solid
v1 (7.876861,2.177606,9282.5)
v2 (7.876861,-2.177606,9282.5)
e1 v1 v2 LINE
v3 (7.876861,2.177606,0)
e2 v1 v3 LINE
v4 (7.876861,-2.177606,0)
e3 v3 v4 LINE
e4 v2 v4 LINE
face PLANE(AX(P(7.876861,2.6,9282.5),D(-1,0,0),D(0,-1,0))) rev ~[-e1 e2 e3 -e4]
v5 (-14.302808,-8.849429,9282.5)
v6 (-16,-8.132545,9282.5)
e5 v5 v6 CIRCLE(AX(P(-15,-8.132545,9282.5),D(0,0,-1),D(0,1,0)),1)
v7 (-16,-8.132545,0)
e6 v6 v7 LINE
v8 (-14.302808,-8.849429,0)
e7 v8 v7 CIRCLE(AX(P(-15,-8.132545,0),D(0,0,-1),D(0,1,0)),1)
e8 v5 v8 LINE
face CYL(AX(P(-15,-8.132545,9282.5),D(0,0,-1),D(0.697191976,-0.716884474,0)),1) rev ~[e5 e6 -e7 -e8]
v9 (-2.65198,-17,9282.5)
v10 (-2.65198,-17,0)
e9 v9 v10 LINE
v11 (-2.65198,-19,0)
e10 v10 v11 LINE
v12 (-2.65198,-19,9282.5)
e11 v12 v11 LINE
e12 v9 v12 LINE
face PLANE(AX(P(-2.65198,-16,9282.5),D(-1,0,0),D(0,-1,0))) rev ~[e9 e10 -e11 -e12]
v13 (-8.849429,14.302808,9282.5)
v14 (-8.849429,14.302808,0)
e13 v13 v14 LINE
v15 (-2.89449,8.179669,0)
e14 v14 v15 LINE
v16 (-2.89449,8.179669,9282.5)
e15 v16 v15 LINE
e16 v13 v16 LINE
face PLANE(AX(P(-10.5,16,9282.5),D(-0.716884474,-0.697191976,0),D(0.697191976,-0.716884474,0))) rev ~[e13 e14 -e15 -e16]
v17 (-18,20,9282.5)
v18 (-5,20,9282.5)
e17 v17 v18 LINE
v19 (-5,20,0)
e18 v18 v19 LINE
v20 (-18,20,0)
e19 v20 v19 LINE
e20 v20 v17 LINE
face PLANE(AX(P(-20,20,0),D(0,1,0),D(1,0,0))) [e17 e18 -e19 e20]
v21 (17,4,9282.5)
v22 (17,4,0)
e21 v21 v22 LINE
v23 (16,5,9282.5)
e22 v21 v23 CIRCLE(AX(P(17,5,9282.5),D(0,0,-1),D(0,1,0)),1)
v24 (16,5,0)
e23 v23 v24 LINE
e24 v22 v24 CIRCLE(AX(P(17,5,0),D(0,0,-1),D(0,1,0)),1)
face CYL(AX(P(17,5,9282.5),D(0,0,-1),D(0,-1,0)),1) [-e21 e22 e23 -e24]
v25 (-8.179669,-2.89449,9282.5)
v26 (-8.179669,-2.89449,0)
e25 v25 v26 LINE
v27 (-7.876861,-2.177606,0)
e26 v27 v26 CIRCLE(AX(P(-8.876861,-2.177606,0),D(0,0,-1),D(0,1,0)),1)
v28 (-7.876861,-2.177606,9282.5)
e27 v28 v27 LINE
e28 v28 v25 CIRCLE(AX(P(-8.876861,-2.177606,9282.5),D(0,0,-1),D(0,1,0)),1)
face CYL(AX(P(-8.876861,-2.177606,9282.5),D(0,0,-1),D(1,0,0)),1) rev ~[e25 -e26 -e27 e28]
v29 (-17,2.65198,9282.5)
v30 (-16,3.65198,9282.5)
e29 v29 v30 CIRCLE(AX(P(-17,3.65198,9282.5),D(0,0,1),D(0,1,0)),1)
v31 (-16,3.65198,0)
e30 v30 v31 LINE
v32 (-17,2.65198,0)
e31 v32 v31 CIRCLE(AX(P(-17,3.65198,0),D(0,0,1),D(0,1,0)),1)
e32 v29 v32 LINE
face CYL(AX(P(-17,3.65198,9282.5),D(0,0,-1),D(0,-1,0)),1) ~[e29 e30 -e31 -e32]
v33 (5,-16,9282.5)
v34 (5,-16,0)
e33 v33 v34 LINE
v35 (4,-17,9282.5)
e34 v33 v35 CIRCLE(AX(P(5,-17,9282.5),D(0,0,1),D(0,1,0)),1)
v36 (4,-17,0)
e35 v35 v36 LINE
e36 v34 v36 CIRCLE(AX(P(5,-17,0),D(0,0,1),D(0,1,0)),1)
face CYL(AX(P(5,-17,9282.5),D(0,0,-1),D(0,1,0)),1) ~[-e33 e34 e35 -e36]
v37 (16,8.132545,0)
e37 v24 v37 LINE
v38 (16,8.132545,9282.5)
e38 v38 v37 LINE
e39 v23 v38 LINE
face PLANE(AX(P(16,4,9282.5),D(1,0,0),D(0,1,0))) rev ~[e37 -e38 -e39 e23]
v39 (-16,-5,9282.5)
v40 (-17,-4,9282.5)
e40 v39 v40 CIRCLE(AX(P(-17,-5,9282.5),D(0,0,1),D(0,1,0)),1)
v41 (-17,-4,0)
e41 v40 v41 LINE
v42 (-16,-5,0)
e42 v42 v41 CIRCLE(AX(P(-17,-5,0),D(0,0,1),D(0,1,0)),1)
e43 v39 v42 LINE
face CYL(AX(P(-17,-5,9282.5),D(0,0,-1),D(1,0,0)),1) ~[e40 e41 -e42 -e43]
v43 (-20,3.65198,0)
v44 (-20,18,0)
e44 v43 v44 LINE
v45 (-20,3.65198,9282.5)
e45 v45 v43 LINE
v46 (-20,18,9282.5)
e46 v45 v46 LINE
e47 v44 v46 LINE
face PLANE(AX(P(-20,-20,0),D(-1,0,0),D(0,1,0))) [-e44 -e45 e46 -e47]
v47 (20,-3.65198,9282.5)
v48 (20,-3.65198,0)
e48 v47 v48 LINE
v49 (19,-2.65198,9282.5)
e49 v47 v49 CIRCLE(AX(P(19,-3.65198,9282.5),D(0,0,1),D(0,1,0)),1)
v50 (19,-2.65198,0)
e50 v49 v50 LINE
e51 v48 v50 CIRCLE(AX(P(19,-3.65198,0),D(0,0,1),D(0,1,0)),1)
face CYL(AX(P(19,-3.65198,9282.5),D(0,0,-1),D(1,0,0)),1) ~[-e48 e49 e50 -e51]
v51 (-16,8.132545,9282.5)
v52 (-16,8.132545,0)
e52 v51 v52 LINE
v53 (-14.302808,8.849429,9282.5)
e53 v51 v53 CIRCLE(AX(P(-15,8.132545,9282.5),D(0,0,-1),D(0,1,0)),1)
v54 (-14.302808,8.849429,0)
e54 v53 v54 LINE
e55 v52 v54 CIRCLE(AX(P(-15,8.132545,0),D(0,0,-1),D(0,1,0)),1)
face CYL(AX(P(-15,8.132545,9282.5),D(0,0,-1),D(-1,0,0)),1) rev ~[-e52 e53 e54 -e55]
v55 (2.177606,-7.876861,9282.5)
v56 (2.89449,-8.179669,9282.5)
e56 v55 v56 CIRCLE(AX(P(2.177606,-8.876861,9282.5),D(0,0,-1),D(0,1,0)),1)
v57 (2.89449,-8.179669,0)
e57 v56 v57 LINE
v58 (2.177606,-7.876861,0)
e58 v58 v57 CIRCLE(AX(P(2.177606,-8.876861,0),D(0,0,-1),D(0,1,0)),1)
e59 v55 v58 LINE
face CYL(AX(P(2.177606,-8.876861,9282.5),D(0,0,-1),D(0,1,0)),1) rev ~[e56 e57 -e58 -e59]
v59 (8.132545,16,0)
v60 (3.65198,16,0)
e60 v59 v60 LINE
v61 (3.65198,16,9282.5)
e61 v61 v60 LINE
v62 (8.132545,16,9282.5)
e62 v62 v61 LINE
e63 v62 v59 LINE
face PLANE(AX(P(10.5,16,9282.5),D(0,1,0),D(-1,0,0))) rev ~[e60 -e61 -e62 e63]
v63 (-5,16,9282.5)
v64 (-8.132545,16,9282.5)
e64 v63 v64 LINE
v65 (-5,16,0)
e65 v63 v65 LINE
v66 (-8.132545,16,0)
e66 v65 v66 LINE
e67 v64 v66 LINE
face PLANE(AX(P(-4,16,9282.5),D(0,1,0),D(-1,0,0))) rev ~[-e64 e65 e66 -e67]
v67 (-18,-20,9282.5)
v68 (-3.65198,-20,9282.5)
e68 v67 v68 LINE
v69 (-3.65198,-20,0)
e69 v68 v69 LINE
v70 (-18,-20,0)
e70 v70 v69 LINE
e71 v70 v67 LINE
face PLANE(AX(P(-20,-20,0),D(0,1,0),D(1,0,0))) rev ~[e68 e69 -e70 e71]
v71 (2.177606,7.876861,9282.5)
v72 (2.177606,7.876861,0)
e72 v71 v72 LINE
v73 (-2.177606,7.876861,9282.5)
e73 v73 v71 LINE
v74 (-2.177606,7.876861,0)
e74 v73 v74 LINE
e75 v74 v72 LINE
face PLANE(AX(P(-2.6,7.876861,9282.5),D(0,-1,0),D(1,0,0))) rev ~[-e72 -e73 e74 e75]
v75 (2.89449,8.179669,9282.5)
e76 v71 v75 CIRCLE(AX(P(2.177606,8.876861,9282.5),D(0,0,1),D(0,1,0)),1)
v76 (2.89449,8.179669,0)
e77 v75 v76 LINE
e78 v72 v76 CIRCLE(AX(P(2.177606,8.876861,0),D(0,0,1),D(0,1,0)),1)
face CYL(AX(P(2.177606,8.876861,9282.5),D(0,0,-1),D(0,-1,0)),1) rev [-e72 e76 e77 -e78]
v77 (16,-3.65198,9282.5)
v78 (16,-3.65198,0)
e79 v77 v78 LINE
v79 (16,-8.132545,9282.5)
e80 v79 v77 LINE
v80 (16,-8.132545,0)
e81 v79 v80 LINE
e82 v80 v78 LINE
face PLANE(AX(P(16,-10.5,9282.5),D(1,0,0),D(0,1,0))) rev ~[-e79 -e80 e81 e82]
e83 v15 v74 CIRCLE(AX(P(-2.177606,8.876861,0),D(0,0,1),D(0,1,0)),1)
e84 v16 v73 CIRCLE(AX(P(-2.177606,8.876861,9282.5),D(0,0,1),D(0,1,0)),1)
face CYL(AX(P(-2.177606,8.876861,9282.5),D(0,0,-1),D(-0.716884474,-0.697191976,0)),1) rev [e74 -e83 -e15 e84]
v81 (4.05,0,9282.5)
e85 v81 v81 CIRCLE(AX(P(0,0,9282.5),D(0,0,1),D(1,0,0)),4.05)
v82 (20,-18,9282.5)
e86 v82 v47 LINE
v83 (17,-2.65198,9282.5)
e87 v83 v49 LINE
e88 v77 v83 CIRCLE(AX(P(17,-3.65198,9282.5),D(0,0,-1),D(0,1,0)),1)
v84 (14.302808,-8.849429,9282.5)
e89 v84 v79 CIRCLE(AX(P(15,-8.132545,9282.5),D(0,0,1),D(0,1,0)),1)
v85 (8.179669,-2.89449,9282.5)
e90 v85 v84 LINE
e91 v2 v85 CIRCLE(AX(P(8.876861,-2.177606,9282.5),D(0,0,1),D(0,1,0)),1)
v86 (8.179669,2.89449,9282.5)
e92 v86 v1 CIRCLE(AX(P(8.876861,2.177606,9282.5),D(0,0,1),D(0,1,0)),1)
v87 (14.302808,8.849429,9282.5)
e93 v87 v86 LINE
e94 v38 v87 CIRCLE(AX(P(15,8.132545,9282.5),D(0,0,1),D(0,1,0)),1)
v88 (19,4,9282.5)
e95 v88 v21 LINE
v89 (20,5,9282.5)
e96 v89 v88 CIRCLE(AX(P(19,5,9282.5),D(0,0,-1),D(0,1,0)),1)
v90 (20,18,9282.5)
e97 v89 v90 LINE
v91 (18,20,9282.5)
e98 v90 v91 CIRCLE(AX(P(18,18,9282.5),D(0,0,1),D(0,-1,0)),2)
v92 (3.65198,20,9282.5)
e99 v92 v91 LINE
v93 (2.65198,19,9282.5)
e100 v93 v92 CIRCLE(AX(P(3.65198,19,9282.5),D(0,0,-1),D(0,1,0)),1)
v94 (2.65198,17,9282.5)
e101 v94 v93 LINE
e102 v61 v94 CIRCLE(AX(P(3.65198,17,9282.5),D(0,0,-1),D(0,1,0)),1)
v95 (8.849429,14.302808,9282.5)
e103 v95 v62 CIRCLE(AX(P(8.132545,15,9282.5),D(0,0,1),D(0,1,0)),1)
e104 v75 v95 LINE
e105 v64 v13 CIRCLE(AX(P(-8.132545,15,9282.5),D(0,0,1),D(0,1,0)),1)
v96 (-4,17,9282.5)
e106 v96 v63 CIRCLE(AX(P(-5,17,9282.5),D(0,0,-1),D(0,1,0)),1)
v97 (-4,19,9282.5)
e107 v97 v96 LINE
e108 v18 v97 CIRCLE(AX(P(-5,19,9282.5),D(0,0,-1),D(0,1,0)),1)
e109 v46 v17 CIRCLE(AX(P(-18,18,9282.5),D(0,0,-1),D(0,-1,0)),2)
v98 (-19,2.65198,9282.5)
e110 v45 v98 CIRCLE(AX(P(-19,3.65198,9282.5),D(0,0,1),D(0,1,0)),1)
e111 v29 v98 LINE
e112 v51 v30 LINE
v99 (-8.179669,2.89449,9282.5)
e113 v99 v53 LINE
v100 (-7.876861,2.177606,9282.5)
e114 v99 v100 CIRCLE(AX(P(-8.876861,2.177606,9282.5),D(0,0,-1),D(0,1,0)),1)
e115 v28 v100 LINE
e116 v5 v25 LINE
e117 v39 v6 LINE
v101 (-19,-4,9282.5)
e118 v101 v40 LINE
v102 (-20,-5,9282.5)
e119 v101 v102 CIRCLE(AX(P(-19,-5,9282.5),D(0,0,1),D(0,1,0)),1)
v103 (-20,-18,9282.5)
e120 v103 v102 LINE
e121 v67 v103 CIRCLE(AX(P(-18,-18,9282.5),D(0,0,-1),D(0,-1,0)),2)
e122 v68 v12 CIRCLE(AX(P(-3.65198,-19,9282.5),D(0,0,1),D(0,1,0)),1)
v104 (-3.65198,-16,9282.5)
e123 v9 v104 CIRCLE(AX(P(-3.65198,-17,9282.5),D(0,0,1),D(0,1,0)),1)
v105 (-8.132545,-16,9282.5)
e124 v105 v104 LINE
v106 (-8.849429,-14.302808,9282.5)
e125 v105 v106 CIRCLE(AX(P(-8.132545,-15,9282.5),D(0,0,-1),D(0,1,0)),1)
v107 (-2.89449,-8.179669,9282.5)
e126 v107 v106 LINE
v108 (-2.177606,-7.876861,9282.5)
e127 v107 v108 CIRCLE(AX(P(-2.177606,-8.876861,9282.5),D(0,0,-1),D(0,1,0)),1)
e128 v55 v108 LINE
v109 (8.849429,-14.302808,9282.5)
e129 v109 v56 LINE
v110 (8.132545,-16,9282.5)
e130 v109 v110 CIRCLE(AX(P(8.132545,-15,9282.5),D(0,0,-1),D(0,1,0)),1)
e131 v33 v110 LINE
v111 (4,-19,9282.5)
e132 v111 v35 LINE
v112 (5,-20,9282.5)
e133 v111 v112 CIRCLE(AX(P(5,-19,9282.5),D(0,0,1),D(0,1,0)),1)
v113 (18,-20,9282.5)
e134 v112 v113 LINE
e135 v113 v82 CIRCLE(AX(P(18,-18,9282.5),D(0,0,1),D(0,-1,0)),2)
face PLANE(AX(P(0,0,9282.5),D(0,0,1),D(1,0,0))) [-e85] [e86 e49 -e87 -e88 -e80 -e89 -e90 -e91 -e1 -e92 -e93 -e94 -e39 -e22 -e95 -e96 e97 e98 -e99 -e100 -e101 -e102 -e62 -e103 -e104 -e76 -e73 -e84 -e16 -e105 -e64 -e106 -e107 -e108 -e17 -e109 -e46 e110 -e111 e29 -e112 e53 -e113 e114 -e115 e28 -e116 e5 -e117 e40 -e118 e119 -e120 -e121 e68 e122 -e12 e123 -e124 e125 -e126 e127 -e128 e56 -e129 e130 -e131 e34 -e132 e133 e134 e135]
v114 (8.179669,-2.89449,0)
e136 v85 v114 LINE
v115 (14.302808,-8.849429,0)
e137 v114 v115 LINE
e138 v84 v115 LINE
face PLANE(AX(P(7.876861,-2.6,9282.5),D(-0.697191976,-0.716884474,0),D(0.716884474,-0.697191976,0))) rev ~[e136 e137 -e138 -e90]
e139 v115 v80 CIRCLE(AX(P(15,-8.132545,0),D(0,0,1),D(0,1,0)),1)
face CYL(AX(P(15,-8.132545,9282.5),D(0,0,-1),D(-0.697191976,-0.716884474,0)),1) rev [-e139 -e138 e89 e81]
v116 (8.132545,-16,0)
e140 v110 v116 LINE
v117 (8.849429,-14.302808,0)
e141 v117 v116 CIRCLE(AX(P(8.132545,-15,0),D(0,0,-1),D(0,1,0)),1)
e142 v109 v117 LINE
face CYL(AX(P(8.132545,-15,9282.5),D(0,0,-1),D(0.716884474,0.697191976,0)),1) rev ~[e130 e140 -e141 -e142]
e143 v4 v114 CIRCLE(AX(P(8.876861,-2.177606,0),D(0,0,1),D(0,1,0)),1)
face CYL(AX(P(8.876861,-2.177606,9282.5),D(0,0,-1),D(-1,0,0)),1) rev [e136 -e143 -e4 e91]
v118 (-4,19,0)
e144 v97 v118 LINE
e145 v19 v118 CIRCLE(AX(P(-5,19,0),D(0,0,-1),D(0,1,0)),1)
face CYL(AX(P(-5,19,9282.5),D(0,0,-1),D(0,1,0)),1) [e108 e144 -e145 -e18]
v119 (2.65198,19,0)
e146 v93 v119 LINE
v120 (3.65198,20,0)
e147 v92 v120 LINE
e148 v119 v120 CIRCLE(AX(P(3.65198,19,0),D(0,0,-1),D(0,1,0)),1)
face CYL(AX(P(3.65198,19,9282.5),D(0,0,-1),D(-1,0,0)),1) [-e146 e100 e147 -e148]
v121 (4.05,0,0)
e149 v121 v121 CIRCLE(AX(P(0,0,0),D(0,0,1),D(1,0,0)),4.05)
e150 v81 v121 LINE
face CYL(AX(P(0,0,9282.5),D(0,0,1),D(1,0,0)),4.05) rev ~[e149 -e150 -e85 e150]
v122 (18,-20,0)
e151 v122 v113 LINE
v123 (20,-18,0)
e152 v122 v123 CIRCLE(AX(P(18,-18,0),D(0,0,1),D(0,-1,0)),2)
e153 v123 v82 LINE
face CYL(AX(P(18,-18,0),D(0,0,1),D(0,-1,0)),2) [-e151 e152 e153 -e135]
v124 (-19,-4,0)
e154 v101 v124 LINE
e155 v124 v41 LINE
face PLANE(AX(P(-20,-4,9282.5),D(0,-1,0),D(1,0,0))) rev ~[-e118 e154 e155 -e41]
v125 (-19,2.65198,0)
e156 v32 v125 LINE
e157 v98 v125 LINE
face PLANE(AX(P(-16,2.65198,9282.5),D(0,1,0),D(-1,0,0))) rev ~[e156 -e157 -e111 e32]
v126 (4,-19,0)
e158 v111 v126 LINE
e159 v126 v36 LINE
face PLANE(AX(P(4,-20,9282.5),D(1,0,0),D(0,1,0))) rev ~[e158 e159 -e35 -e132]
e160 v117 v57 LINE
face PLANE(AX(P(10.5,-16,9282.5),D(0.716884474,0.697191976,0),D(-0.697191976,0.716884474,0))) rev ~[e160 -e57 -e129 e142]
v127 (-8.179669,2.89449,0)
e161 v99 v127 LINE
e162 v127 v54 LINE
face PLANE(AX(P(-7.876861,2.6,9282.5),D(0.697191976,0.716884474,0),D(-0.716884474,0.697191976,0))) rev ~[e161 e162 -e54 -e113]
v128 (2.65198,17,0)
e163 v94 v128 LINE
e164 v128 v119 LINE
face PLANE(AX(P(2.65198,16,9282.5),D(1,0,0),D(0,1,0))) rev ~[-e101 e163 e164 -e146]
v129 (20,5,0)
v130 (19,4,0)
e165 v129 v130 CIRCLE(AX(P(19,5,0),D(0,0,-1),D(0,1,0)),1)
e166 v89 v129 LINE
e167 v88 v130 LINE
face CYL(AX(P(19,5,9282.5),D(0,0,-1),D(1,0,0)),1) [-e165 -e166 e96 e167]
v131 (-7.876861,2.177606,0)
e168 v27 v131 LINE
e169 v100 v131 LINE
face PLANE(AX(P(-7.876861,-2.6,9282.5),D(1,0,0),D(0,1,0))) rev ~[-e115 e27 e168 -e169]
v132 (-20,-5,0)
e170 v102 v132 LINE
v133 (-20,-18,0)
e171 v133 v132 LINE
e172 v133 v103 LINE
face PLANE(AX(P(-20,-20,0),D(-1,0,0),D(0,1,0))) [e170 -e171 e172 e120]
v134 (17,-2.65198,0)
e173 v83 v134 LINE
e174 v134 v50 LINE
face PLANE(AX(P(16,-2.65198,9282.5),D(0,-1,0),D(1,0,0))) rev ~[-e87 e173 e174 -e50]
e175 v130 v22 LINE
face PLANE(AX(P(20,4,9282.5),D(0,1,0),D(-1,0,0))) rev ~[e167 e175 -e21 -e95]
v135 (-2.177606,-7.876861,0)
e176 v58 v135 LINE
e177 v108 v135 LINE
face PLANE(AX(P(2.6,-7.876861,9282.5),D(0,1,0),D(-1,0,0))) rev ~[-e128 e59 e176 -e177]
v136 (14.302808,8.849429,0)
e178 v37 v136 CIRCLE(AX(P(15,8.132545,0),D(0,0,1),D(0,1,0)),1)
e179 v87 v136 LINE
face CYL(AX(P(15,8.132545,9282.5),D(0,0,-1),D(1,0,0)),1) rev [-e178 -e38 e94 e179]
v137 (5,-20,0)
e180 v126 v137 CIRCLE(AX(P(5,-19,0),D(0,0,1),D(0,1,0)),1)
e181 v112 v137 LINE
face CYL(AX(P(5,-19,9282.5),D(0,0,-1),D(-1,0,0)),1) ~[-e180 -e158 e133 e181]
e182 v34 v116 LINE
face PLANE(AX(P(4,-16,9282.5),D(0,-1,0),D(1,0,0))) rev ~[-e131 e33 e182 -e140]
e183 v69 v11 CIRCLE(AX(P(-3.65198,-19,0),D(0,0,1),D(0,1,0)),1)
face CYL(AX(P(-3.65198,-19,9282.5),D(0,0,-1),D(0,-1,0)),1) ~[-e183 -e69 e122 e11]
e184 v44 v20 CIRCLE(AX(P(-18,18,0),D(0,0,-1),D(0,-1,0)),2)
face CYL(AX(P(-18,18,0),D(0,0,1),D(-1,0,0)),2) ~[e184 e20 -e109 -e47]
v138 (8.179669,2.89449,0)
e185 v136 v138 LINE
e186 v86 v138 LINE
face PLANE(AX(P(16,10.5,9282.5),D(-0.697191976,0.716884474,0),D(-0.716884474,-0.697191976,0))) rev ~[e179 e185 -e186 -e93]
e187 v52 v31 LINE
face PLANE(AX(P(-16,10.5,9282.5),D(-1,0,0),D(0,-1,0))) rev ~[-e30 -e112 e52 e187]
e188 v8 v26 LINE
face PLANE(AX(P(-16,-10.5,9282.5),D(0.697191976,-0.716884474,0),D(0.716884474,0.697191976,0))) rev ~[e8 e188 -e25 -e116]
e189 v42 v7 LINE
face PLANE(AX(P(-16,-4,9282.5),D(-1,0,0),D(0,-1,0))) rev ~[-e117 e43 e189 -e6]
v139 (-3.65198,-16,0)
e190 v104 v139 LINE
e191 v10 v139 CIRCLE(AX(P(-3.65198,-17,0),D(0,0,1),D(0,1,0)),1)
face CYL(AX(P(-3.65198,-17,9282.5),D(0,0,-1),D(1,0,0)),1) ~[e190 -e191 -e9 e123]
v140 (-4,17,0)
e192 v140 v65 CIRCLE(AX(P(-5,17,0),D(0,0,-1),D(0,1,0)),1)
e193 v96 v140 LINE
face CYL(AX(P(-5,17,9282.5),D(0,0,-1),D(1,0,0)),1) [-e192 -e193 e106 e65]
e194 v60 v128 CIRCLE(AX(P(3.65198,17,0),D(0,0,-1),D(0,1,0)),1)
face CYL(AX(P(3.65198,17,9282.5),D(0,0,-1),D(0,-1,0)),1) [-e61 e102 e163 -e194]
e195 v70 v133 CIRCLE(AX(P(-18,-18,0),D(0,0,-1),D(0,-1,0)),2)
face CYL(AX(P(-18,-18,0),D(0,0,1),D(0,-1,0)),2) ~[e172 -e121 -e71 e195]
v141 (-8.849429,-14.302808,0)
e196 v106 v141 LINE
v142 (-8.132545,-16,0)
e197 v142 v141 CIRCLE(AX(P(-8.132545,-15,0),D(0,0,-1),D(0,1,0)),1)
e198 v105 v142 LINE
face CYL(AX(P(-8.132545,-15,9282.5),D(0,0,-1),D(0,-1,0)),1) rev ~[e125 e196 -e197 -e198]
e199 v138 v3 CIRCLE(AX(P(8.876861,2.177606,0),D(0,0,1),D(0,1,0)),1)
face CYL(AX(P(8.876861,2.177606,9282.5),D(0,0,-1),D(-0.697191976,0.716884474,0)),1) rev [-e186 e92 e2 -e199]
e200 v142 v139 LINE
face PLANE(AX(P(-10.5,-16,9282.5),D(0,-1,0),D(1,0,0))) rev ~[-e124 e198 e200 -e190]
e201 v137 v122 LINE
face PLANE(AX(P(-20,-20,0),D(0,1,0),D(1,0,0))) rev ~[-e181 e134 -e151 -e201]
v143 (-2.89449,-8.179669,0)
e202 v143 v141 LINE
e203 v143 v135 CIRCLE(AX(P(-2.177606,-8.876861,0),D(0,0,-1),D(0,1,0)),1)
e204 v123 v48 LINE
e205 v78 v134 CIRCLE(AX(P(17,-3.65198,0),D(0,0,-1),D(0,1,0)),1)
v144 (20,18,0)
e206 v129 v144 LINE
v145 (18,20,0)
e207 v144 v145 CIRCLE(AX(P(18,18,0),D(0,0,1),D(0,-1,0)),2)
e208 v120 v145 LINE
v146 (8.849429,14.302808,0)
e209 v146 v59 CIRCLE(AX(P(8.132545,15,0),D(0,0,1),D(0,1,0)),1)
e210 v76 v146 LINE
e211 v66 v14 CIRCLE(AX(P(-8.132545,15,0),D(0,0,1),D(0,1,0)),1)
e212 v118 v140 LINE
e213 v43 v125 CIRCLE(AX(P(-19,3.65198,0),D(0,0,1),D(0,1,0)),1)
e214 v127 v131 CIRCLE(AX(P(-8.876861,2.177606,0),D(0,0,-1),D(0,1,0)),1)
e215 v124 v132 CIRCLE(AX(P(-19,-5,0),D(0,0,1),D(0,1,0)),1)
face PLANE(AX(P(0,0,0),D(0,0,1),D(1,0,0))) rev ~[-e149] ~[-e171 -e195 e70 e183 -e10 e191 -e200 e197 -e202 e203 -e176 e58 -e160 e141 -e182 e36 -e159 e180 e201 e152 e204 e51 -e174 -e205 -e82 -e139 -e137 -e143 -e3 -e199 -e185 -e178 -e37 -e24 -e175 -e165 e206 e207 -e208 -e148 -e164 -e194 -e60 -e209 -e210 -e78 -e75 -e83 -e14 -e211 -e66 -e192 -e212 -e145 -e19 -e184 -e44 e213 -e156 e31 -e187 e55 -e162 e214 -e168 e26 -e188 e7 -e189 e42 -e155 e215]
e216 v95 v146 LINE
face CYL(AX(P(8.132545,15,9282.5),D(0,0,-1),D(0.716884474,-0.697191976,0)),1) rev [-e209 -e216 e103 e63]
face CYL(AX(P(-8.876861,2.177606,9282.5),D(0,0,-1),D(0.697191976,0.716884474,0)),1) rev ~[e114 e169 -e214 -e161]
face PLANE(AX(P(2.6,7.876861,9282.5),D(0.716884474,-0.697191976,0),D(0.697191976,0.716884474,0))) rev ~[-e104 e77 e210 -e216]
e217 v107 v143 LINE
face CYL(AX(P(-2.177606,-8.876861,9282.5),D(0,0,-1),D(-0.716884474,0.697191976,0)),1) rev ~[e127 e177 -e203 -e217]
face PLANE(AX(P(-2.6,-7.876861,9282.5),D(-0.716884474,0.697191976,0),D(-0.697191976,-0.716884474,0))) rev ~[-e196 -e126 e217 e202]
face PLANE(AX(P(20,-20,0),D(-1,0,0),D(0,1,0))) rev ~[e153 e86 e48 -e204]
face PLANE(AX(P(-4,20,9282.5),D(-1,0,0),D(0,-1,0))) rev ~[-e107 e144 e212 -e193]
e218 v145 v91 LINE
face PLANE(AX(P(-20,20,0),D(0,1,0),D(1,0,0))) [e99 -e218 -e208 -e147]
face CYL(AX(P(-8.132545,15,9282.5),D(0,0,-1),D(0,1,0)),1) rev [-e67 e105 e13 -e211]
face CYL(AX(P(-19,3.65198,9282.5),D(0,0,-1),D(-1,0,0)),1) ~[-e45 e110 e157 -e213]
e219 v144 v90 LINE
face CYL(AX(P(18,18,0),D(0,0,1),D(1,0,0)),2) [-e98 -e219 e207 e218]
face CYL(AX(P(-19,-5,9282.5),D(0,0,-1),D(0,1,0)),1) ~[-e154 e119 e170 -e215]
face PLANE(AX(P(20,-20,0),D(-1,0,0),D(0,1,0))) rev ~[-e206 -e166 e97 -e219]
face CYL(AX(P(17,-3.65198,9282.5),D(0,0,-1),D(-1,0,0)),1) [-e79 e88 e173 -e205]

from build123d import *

# Parameters (mm, degrees)
SKETCH_1_W               = 40
SKETCH_1_H               = 40
EXTRUDE_1_DEPTH          = 9282.5
SKETCH_2_R               = 4.05
CUT_EXTRUDE_1_DEPTH      = 10000
CUT_EXTRUDE_2_DEPTH      = 10000
FILLET_1_R               = 1
PATTERN_CIRCULAR_2_COUNT = 4
FILLET_2_R               = 1
FILLET_3_R               = 1
FILLET_4_R               = 1
FILLET_5_R               = 2


with BuildPart() as part:
    # 草图1 → 凸台-拉伸1 (new body)
    with BuildSketch(Plane.XY):
        Rectangle(SKETCH_1_W, SKETCH_1_H)
    extrude(amount=EXTRUDE_1_DEPTH)

    # 草图2 → 切除-拉伸1 (cut)
    with BuildSketch(Plane.XY.offset(9282.5)):
        Circle(SKETCH_2_R)
    extrude(amount=-CUT_EXTRUDE_1_DEPTH, mode=Mode.SUBTRACT)

    # 草图4 → 切除-拉伸2 (cut)
    with BuildSketch(Plane.XY.offset(9282.5)):
        Polygon((20, 0), (20, 4), (16, 4), (16, 10.5), (7.876860985, 2.6), (7.876860985, -2.6), (16, -10.5), (16, -2.65197969), (20, -2.65197969), align=None)
    cut_extrude_2 = extrude(amount=-CUT_EXTRUDE_2_DEPTH, mode=Mode.SUBTRACT)

    # 圆角1
    fillet_1_edges = [part.edges().sort_by_distance(p)[0] for p in [
        (20, -2.65197969, 4641.25),
        (16, -2.65197969, 4641.25),
        (16, -10.5, 4641.25),
        (7.876860985, -2.6, 4641.25),
        (7.876860985, 2.6, 4641.25),
        (16, 10.5, 4641.25),
        (16, 4, 4641.25),
        (20, 4, 4641.25),
    ]]
    fillet(fillet_1_edges, radius=FILLET_1_R)

    # 阵列(圆周)2: 切除-拉伸2 ×4 about axis
    pattern_circular_2_axis = Axis((0, 0, 0), (0, 0, 1))
    for i in range(1, PATTERN_CIRCULAR_2_COUNT):
        add(cut_extrude_2.rotate(pattern_circular_2_axis, i * 360 / PATTERN_CIRCULAR_2_COUNT), mode=Mode.SUBTRACT)

    # 圆角2
    fillet_2_edges = [part.edges().sort_by_distance(p)[0] for p in [
        (2.65197969, 20, 4641.25),
        (2.65197969, 16, 4641.25),
        (10.5, 16, 4641.25),
        (2.6, 7.876860985, 4641.25),
        (-2.6, 7.876860985, 4641.25),
        (-10.5, 16, 4641.25),
        (-4, 16, 4641.25),
        (-4, 20, 4641.25),
    ]]
    fillet(fillet_2_edges, radius=FILLET_2_R)

    # 圆角3
    fillet_3_edges = [part.edges().sort_by_distance(p)[0] for p in [
        (-20, 2.65197969, 4641.25),
        (-16, 2.65197969, 4641.25),
        (-16, 10.5, 4641.25),
        (-7.876860985, 2.6, 4641.25),
        (-7.876860985, -2.6, 4641.25),
        (-16, -10.5, 4641.25),
        (-16, -4, 4641.25),
        (-20, -4, 4641.25),
    ]]
    fillet(fillet_3_edges, radius=FILLET_3_R)

    # 圆角4
    fillet_4_edges = [part.edges().sort_by_distance(p)[0] for p in [
        (-2.65197969, -20, 4641.25),
        (-2.65197969, -16, 4641.25),
        (-10.5, -16, 4641.25),
        (-2.6, -7.876860985, 4641.25),
        (2.6, -7.876860985, 4641.25),
        (10.5, -16, 4641.25),
        (4, -16, 4641.25),
        (4, -20, 4641.25),
    ]]
    fillet(fillet_4_edges, radius=FILLET_4_R)

    # 圆角5
    fillet_5_edges = [part.edges().sort_by_distance(p)[0] for p in [
        (20, -20, 4641.25),
        (-20, -20, 4641.25),
        (-20, 20, 4641.25),
        (20, 20, 4641.25),
    ]]
    fillet(fillet_5_edges, radius=FILLET_5_R)


solid = part.part
